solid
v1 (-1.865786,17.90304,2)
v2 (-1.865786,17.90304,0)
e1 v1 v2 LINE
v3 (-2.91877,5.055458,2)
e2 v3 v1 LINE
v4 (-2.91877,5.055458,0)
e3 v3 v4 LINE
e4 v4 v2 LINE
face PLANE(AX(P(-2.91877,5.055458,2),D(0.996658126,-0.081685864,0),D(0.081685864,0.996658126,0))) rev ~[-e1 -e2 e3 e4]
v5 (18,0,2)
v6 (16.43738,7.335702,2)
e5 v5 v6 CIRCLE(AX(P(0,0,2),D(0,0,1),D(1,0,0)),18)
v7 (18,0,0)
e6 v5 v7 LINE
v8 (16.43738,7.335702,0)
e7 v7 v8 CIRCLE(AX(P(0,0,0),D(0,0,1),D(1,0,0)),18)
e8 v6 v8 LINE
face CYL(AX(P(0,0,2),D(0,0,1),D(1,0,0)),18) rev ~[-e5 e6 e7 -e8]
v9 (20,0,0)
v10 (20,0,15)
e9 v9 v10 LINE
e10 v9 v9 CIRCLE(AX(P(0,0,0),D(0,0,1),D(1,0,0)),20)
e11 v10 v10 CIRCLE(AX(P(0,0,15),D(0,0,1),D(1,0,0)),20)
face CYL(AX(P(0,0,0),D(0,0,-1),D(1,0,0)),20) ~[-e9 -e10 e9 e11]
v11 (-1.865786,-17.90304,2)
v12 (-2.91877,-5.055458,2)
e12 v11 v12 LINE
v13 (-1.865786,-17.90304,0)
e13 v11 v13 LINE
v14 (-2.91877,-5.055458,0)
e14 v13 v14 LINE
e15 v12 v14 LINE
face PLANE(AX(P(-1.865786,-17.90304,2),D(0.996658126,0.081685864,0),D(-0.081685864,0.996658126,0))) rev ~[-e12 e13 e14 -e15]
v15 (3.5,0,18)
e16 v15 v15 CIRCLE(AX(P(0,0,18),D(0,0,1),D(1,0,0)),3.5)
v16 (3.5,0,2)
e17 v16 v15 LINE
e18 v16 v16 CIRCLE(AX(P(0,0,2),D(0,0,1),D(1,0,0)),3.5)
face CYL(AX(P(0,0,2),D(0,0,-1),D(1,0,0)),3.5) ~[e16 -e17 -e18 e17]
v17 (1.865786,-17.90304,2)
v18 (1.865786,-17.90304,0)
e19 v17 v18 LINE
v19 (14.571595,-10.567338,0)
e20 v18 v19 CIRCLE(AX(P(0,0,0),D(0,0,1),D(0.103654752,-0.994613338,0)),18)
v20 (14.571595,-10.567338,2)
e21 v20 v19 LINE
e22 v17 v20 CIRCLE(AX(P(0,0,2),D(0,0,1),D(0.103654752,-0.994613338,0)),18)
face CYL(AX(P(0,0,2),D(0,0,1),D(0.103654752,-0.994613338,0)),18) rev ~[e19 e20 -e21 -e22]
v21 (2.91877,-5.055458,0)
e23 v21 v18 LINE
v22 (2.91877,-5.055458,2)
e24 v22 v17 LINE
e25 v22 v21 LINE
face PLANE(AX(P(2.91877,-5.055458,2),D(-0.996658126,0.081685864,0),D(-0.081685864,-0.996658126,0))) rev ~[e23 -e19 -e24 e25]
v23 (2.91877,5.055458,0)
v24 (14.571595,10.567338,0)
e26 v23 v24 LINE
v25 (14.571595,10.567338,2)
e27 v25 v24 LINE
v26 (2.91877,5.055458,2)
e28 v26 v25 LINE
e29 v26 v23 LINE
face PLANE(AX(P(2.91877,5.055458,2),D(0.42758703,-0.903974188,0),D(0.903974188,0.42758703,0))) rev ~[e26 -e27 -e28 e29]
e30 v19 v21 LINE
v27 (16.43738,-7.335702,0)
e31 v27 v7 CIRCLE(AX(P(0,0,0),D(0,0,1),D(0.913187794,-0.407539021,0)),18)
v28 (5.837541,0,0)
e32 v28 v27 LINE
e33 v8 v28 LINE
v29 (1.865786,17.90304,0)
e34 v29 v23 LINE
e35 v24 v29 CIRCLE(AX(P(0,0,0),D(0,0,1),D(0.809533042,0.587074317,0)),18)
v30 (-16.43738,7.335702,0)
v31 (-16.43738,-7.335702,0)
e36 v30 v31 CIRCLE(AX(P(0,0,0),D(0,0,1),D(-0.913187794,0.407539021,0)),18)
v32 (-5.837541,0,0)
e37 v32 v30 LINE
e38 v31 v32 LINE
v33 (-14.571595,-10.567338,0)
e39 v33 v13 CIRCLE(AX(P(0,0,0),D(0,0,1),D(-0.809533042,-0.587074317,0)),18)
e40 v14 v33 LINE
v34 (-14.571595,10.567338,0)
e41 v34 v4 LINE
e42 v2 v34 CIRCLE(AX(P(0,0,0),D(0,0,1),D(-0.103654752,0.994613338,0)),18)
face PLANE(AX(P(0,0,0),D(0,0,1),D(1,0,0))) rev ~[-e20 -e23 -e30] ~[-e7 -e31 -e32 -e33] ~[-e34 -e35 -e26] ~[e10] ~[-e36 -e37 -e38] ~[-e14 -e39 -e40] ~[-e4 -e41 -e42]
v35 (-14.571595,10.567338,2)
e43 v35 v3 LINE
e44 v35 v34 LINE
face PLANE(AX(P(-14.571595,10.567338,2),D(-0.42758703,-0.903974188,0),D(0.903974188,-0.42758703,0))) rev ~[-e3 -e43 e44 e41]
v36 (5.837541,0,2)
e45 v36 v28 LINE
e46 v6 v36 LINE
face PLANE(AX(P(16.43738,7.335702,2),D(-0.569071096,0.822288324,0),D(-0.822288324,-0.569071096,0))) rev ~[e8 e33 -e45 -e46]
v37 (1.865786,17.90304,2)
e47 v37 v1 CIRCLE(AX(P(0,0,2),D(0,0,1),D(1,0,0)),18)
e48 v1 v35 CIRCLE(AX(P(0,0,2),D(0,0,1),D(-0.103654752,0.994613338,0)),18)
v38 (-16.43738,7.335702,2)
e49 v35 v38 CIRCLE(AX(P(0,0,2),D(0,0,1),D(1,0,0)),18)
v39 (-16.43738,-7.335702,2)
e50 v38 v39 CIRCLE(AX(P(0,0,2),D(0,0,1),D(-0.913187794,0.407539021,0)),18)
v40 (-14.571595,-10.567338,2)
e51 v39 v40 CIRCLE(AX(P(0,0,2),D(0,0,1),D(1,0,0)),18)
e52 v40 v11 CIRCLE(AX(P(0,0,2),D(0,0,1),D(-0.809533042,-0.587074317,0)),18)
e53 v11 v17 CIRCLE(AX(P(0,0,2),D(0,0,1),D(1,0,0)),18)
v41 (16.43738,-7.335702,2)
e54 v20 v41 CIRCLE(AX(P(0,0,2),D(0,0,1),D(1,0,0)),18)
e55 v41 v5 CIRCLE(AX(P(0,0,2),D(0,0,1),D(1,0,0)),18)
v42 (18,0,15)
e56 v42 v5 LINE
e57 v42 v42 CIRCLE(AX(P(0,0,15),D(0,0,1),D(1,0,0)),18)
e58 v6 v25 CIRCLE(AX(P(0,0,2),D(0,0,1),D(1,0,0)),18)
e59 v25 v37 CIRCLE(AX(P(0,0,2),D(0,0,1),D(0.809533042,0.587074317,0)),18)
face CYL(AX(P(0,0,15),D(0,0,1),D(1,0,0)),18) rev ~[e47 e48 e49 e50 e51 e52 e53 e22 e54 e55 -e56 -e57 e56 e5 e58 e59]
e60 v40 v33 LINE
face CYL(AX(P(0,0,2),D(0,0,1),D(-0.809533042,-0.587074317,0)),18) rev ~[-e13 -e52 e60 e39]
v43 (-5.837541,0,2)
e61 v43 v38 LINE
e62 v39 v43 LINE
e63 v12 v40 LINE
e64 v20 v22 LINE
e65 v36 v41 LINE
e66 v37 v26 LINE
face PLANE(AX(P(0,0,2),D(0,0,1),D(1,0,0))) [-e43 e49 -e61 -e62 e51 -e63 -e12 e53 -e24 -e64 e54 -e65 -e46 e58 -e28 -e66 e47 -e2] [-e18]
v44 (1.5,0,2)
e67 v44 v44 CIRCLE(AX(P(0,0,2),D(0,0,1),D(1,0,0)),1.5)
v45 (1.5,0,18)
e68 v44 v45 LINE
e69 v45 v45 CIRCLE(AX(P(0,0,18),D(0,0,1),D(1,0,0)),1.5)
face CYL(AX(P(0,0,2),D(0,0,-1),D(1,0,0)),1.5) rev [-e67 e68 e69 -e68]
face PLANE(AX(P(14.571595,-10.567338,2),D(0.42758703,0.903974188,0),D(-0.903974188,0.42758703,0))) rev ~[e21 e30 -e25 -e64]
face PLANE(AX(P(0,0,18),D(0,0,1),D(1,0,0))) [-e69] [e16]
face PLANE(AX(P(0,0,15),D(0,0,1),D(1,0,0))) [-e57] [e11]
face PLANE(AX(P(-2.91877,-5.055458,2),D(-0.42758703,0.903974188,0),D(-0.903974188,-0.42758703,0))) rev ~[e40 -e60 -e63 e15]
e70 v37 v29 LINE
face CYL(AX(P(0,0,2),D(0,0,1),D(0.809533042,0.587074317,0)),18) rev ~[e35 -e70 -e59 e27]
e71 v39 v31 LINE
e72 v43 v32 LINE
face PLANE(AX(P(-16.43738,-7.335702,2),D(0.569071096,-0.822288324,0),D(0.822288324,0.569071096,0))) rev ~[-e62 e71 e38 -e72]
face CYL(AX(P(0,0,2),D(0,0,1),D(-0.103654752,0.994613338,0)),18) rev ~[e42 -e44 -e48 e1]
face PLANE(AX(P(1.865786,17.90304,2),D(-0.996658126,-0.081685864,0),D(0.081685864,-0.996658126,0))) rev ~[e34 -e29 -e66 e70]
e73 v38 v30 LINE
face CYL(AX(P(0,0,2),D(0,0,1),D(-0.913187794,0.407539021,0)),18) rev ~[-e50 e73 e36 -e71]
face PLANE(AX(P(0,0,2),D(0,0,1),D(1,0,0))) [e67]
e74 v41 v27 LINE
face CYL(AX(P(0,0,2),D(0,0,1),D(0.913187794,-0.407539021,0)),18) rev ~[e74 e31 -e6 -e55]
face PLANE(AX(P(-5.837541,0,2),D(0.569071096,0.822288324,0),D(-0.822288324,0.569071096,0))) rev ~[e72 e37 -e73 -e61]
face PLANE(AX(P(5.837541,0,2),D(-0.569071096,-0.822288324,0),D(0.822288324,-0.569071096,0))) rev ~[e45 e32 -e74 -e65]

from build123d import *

# Parameters (mm, degrees)
F0_R     = 20
F1_DEPTH = 15
F2_R     = 18
F3_DEPTH = 13
F4_R     = 3.5
F4_R_2   = 1.5
F5_DEPTH = 16
F7_DEPTH = 2


with BuildPart() as f1:
    # F0 (on Top) → F1 (new body)
    with BuildSketch(Plane.XY):
        Circle(F0_R)
    extrude(amount=F1_DEPTH)

    # F2 (on face) → F3 (cut)
    with BuildSketch(Plane.XY.offset(15)):
        Circle(F2_R)
    extrude(amount=-F3_DEPTH, mode=Mode.SUBTRACT)

    # F4 (on face) → F5 (join)
    with BuildSketch(Plane.XY.offset(2)):
        Circle(F4_R)
        Circle(F4_R_2, mode=Mode.SUBTRACT)
    extrude(amount=F5_DEPTH)

    # F6 (on face) → F7 (cut)
    with BuildSketch(Plane.XY.offset(2)):
        with BuildLine():
            Line((-2.9187702811, 5.0554584226), (-1.8657855341, 17.9030400866))
            ThreePointArc((-1.8657855341, 17.9030400866), (-9, 15.5884572681), (-14.5715947529, 10.5673377138))
            Line((-14.5715947529, 10.5673377138), (-2.9187702811, 5.0554584226))
        make_face()
        with BuildLine():
            ThreePointArc((14.5715947529, 10.5673377138), (9, 15.5884572681), (1.8657855341, 17.9030400866))
            Line((1.8657855341, 17.9030400866), (2.9187702811, 5.0554584226))
            Line((2.9187702811, 5.0554584226), (14.5715947529, 10.5673377138))
        make_face()
        with BuildLine():
            ThreePointArc((18, 0), (17.6050112918, 3.7501436529), (16.437380287, 7.3357023728))
            Line((16.437380287, 7.3357023728), (5.8375405623, 0))
            Line((5.8375405623, 0), (16.437380287, -7.3357023728))
            ThreePointArc((16.437380287, -7.3357023728), (17.6050112918, -3.7501436529), (18, 0))
        make_face()
        with BuildLine():
            ThreePointArc((1.8657855341, -17.9030400866), (9, -15.5884572681), (14.5715947529, -10.5673377138))
            Line((14.5715947529, -10.5673377138), (2.9187702811, -5.0554584226))
            Line((2.9187702811, -5.0554584226), (1.8657855341, -17.9030400866))
        make_face()
        with BuildLine():
            Line((-2.9187702811, -5.0554584226), (-14.5715947529, -10.5673377138))
            ThreePointArc((-14.5715947529, -10.5673377138), (-9, -15.5884572681), (-1.8657855341, -17.9030400866))
            Line((-1.8657855341, -17.9030400866), (-2.9187702811, -5.0554584226))
        make_face()
        with BuildLine():
            Line((-5.8375405623, 0), (-16.437380287, 7.3357023728))
            ThreePointArc((-16.437380287, 7.3357023728), (-18, 0), (-16.437380287, -7.3357023728))
            Line((-16.437380287, -7.3357023728), (-5.8375405623, 0))
        make_face()
    extrude(amount=-F7_DEPTH, mode=Mode.SUBTRACT)


solid = f1.part
